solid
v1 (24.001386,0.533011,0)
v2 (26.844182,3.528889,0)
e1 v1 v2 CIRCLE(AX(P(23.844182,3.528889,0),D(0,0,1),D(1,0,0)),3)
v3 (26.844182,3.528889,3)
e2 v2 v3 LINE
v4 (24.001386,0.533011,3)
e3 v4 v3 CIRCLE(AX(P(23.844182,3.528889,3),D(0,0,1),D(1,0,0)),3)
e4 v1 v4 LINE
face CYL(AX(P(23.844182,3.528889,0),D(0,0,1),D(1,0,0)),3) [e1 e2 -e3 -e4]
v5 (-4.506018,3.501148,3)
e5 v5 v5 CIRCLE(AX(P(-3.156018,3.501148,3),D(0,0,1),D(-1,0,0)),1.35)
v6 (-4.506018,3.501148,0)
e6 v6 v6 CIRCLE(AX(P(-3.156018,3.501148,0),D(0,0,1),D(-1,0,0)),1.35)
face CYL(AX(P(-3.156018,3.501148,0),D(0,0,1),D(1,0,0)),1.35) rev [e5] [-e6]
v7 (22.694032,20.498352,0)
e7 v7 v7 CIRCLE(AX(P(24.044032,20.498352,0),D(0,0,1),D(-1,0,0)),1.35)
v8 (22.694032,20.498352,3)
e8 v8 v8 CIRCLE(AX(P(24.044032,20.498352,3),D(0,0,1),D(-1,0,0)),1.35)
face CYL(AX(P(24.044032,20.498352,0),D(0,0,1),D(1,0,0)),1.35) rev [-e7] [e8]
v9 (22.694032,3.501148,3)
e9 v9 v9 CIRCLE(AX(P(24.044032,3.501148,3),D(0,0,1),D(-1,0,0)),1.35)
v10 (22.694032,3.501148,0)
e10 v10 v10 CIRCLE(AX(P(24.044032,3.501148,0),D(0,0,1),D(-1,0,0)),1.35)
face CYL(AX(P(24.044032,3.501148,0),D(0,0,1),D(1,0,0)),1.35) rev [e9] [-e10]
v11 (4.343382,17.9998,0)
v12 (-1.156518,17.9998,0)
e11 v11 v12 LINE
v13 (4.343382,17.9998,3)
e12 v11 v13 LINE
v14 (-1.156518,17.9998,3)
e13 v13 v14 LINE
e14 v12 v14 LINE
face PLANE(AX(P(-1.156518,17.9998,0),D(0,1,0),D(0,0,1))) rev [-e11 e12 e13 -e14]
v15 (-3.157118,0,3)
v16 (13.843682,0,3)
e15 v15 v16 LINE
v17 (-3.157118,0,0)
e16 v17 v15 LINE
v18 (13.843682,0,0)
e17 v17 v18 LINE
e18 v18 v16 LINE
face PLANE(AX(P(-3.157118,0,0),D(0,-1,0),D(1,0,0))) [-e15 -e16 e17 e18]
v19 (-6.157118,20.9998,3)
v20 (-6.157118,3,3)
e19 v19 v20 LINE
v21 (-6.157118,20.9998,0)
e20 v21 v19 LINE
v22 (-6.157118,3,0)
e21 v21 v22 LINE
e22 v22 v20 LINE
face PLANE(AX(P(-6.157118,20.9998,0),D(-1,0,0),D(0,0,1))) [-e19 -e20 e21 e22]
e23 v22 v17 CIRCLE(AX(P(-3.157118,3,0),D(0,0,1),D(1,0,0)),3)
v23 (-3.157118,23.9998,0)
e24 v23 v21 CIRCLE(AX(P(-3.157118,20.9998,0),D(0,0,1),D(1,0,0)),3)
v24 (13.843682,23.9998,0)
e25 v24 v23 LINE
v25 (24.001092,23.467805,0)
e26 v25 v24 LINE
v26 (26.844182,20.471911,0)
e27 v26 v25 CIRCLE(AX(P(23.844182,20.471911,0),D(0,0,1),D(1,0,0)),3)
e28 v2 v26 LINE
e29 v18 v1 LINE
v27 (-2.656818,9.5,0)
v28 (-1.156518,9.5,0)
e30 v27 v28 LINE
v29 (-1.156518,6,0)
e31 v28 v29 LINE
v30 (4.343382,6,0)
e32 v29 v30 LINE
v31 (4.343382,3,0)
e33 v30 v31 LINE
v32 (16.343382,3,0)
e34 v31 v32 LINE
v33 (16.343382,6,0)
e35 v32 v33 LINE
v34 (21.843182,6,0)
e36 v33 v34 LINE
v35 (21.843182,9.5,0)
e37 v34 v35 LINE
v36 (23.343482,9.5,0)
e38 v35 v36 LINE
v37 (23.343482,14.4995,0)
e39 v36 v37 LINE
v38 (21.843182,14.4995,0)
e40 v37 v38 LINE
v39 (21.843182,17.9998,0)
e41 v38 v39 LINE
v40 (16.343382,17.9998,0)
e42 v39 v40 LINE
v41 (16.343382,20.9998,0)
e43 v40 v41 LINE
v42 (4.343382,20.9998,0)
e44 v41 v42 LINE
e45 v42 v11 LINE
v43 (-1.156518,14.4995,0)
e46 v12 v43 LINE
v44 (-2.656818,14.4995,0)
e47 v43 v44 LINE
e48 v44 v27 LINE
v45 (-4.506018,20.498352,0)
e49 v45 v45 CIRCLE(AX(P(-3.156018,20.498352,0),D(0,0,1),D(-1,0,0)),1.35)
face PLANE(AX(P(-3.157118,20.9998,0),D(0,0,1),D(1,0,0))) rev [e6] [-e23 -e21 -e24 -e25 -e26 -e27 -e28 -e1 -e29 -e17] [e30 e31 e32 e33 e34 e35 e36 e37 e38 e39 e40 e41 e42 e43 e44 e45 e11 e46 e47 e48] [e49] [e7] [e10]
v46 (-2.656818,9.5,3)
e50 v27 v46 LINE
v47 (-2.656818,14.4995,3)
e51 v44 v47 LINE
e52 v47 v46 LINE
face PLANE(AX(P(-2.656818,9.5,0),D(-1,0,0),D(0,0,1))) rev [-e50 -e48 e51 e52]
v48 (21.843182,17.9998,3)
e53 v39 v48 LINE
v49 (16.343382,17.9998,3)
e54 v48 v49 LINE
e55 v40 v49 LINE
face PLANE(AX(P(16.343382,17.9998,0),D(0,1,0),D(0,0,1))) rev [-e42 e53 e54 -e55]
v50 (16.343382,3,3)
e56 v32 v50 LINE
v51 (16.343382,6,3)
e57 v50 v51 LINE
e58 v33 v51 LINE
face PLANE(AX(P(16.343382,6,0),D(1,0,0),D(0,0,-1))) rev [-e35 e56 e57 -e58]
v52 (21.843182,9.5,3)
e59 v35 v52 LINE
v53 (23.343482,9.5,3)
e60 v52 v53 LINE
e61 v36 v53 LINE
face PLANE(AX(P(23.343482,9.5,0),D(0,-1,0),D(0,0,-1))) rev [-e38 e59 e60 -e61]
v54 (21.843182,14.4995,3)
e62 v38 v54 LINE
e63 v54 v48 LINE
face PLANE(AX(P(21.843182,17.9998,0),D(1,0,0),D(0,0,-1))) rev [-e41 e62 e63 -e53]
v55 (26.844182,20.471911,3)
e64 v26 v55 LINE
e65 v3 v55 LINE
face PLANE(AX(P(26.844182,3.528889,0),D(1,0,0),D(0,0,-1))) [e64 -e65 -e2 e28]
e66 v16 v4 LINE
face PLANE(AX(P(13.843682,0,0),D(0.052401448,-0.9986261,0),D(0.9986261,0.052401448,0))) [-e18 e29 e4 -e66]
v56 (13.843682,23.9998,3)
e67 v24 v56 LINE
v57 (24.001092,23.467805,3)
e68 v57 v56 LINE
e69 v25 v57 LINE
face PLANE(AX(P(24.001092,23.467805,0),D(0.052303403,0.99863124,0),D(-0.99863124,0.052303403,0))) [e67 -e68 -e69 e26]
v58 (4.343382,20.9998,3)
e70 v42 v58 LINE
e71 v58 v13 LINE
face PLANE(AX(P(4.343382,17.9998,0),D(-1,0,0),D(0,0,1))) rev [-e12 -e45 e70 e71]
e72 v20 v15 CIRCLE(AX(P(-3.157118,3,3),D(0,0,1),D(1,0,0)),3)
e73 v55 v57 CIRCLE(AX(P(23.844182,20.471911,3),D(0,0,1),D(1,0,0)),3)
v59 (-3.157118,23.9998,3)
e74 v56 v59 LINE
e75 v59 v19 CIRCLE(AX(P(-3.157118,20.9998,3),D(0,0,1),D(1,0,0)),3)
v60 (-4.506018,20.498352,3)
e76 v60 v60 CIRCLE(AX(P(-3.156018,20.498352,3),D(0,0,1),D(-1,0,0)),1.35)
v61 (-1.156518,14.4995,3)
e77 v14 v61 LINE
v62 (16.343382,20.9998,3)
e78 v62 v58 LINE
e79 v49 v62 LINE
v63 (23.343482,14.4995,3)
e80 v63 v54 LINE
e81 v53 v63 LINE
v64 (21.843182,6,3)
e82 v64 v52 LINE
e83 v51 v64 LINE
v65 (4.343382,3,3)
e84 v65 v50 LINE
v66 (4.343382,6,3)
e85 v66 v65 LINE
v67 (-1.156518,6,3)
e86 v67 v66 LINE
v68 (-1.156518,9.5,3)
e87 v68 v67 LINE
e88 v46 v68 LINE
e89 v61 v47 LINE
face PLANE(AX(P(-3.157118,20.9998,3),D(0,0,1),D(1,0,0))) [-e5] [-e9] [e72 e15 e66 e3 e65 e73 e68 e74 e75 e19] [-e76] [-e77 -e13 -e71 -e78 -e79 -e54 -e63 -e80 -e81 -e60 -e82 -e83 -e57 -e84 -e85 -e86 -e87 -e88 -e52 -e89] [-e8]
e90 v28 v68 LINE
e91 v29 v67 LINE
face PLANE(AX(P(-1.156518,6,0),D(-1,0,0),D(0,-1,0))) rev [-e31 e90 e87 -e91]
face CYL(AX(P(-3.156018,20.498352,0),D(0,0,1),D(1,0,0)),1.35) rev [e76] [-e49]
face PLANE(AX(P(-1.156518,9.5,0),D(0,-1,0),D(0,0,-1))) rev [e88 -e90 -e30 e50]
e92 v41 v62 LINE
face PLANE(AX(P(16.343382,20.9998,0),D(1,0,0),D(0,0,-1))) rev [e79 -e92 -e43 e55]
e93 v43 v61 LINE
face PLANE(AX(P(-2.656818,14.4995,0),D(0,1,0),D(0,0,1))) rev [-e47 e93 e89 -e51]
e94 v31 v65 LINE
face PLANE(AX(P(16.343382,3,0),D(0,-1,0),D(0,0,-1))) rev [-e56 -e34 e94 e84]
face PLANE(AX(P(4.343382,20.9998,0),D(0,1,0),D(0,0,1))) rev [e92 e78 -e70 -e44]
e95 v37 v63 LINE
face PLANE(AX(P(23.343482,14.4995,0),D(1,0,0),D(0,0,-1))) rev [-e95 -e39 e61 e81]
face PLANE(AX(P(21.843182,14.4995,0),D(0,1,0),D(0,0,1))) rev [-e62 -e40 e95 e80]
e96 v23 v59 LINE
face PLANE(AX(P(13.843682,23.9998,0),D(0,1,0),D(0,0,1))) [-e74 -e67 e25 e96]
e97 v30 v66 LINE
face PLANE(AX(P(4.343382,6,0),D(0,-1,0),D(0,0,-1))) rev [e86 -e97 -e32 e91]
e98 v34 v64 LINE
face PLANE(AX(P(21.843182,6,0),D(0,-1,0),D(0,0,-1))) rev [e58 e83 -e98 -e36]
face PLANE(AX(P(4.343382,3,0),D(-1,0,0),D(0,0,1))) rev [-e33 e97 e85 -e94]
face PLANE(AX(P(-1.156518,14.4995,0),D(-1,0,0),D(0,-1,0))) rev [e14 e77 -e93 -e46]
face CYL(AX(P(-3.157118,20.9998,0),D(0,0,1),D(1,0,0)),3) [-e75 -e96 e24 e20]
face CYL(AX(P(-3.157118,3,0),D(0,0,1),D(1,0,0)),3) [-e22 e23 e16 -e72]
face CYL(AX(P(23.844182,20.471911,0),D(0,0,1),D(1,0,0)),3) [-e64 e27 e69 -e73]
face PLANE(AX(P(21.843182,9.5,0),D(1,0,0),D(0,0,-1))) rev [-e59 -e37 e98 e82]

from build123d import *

# Parameters (mm, degrees)
SKETCH_1_R      = 1.35
EXTRUDE_1_DEPTH = 3


with BuildPart() as part:
    # 草图1 → 凸台-拉伸1 (new body)
    with BuildSketch(Plane.XY.offset(3)):
        with BuildLine():
            Line((-6.157118156, 20.9998), (-6.157118156, 3))
            ThreePointArc((-6.157118156, 3), (-5.2784385, 0.878679656), (-3.157118156, 0))
            Line((-3.157118156, 0), (13.843681844, 0))
            Line((13.843681844, 0), (24.001386189, 0.533010723))
            ThreePointArc((24.001386189, 0.533010723), (26.020372671, 1.463896655), (26.844181844, 3.528889024))
            Line((26.844181844, 3.528889024), (26.844181844, 20.471910982))
            ThreePointArc((26.844181844, 20.471910982), (26.020271299, 22.537010177), (24.001092054, 23.467804703))
            Line((24.001092054, 23.467804703), (13.843681844, 23.9998))
            Line((13.843681844, 23.9998), (-3.157118156, 23.9998))
            ThreePointArc((-3.157118156, 23.9998), (-5.2784385, 23.121120344), (-6.157118156, 20.9998))
        make_face()
        with Locations(Location((-3.156018156, 20.498351651, 0), (0, 0, 180))):
            Circle(SKETCH_1_R, mode=Mode.SUBTRACT)
        with Locations(Location((24.044031844, 20.498351651, 0), (0, 0, 180))):
            Circle(SKETCH_1_R, mode=Mode.SUBTRACT)
        with Locations(Location((-3.156018156, 3.501148349, 0), (0, 0, 180))):
            Circle(SKETCH_1_R, mode=Mode.SUBTRACT)
        with Locations(Location((24.044031844, 3.501148349, 0), (0, 0, 180))):
            Circle(SKETCH_1_R, mode=Mode.SUBTRACT)
        Polygon((23.343481844, 9.5), (21.843181844, 9.5), (21.843181844, 6), (16.343381844, 6), (16.343381844, 3), (4.343381844, 3), (4.343381844, 6), (-1.156518156, 6), (-1.156518156, 9.5), (-2.656818156, 9.5), (-2.656818156, 14.4995), (-1.156518156, 14.4995), (-1.156518156, 17.9998), (4.343381844, 17.9998), (4.343381844, 20.9998), (16.343381844, 20.9998), (16.343381844, 17.9998), (21.843181844, 17.9998), (21.843181844, 14.4995), (23.343481844, 14.4995), align=None, mode=Mode.SUBTRACT)
    extrude(amount=-EXTRUDE_1_DEPTH)


solid = part.part
